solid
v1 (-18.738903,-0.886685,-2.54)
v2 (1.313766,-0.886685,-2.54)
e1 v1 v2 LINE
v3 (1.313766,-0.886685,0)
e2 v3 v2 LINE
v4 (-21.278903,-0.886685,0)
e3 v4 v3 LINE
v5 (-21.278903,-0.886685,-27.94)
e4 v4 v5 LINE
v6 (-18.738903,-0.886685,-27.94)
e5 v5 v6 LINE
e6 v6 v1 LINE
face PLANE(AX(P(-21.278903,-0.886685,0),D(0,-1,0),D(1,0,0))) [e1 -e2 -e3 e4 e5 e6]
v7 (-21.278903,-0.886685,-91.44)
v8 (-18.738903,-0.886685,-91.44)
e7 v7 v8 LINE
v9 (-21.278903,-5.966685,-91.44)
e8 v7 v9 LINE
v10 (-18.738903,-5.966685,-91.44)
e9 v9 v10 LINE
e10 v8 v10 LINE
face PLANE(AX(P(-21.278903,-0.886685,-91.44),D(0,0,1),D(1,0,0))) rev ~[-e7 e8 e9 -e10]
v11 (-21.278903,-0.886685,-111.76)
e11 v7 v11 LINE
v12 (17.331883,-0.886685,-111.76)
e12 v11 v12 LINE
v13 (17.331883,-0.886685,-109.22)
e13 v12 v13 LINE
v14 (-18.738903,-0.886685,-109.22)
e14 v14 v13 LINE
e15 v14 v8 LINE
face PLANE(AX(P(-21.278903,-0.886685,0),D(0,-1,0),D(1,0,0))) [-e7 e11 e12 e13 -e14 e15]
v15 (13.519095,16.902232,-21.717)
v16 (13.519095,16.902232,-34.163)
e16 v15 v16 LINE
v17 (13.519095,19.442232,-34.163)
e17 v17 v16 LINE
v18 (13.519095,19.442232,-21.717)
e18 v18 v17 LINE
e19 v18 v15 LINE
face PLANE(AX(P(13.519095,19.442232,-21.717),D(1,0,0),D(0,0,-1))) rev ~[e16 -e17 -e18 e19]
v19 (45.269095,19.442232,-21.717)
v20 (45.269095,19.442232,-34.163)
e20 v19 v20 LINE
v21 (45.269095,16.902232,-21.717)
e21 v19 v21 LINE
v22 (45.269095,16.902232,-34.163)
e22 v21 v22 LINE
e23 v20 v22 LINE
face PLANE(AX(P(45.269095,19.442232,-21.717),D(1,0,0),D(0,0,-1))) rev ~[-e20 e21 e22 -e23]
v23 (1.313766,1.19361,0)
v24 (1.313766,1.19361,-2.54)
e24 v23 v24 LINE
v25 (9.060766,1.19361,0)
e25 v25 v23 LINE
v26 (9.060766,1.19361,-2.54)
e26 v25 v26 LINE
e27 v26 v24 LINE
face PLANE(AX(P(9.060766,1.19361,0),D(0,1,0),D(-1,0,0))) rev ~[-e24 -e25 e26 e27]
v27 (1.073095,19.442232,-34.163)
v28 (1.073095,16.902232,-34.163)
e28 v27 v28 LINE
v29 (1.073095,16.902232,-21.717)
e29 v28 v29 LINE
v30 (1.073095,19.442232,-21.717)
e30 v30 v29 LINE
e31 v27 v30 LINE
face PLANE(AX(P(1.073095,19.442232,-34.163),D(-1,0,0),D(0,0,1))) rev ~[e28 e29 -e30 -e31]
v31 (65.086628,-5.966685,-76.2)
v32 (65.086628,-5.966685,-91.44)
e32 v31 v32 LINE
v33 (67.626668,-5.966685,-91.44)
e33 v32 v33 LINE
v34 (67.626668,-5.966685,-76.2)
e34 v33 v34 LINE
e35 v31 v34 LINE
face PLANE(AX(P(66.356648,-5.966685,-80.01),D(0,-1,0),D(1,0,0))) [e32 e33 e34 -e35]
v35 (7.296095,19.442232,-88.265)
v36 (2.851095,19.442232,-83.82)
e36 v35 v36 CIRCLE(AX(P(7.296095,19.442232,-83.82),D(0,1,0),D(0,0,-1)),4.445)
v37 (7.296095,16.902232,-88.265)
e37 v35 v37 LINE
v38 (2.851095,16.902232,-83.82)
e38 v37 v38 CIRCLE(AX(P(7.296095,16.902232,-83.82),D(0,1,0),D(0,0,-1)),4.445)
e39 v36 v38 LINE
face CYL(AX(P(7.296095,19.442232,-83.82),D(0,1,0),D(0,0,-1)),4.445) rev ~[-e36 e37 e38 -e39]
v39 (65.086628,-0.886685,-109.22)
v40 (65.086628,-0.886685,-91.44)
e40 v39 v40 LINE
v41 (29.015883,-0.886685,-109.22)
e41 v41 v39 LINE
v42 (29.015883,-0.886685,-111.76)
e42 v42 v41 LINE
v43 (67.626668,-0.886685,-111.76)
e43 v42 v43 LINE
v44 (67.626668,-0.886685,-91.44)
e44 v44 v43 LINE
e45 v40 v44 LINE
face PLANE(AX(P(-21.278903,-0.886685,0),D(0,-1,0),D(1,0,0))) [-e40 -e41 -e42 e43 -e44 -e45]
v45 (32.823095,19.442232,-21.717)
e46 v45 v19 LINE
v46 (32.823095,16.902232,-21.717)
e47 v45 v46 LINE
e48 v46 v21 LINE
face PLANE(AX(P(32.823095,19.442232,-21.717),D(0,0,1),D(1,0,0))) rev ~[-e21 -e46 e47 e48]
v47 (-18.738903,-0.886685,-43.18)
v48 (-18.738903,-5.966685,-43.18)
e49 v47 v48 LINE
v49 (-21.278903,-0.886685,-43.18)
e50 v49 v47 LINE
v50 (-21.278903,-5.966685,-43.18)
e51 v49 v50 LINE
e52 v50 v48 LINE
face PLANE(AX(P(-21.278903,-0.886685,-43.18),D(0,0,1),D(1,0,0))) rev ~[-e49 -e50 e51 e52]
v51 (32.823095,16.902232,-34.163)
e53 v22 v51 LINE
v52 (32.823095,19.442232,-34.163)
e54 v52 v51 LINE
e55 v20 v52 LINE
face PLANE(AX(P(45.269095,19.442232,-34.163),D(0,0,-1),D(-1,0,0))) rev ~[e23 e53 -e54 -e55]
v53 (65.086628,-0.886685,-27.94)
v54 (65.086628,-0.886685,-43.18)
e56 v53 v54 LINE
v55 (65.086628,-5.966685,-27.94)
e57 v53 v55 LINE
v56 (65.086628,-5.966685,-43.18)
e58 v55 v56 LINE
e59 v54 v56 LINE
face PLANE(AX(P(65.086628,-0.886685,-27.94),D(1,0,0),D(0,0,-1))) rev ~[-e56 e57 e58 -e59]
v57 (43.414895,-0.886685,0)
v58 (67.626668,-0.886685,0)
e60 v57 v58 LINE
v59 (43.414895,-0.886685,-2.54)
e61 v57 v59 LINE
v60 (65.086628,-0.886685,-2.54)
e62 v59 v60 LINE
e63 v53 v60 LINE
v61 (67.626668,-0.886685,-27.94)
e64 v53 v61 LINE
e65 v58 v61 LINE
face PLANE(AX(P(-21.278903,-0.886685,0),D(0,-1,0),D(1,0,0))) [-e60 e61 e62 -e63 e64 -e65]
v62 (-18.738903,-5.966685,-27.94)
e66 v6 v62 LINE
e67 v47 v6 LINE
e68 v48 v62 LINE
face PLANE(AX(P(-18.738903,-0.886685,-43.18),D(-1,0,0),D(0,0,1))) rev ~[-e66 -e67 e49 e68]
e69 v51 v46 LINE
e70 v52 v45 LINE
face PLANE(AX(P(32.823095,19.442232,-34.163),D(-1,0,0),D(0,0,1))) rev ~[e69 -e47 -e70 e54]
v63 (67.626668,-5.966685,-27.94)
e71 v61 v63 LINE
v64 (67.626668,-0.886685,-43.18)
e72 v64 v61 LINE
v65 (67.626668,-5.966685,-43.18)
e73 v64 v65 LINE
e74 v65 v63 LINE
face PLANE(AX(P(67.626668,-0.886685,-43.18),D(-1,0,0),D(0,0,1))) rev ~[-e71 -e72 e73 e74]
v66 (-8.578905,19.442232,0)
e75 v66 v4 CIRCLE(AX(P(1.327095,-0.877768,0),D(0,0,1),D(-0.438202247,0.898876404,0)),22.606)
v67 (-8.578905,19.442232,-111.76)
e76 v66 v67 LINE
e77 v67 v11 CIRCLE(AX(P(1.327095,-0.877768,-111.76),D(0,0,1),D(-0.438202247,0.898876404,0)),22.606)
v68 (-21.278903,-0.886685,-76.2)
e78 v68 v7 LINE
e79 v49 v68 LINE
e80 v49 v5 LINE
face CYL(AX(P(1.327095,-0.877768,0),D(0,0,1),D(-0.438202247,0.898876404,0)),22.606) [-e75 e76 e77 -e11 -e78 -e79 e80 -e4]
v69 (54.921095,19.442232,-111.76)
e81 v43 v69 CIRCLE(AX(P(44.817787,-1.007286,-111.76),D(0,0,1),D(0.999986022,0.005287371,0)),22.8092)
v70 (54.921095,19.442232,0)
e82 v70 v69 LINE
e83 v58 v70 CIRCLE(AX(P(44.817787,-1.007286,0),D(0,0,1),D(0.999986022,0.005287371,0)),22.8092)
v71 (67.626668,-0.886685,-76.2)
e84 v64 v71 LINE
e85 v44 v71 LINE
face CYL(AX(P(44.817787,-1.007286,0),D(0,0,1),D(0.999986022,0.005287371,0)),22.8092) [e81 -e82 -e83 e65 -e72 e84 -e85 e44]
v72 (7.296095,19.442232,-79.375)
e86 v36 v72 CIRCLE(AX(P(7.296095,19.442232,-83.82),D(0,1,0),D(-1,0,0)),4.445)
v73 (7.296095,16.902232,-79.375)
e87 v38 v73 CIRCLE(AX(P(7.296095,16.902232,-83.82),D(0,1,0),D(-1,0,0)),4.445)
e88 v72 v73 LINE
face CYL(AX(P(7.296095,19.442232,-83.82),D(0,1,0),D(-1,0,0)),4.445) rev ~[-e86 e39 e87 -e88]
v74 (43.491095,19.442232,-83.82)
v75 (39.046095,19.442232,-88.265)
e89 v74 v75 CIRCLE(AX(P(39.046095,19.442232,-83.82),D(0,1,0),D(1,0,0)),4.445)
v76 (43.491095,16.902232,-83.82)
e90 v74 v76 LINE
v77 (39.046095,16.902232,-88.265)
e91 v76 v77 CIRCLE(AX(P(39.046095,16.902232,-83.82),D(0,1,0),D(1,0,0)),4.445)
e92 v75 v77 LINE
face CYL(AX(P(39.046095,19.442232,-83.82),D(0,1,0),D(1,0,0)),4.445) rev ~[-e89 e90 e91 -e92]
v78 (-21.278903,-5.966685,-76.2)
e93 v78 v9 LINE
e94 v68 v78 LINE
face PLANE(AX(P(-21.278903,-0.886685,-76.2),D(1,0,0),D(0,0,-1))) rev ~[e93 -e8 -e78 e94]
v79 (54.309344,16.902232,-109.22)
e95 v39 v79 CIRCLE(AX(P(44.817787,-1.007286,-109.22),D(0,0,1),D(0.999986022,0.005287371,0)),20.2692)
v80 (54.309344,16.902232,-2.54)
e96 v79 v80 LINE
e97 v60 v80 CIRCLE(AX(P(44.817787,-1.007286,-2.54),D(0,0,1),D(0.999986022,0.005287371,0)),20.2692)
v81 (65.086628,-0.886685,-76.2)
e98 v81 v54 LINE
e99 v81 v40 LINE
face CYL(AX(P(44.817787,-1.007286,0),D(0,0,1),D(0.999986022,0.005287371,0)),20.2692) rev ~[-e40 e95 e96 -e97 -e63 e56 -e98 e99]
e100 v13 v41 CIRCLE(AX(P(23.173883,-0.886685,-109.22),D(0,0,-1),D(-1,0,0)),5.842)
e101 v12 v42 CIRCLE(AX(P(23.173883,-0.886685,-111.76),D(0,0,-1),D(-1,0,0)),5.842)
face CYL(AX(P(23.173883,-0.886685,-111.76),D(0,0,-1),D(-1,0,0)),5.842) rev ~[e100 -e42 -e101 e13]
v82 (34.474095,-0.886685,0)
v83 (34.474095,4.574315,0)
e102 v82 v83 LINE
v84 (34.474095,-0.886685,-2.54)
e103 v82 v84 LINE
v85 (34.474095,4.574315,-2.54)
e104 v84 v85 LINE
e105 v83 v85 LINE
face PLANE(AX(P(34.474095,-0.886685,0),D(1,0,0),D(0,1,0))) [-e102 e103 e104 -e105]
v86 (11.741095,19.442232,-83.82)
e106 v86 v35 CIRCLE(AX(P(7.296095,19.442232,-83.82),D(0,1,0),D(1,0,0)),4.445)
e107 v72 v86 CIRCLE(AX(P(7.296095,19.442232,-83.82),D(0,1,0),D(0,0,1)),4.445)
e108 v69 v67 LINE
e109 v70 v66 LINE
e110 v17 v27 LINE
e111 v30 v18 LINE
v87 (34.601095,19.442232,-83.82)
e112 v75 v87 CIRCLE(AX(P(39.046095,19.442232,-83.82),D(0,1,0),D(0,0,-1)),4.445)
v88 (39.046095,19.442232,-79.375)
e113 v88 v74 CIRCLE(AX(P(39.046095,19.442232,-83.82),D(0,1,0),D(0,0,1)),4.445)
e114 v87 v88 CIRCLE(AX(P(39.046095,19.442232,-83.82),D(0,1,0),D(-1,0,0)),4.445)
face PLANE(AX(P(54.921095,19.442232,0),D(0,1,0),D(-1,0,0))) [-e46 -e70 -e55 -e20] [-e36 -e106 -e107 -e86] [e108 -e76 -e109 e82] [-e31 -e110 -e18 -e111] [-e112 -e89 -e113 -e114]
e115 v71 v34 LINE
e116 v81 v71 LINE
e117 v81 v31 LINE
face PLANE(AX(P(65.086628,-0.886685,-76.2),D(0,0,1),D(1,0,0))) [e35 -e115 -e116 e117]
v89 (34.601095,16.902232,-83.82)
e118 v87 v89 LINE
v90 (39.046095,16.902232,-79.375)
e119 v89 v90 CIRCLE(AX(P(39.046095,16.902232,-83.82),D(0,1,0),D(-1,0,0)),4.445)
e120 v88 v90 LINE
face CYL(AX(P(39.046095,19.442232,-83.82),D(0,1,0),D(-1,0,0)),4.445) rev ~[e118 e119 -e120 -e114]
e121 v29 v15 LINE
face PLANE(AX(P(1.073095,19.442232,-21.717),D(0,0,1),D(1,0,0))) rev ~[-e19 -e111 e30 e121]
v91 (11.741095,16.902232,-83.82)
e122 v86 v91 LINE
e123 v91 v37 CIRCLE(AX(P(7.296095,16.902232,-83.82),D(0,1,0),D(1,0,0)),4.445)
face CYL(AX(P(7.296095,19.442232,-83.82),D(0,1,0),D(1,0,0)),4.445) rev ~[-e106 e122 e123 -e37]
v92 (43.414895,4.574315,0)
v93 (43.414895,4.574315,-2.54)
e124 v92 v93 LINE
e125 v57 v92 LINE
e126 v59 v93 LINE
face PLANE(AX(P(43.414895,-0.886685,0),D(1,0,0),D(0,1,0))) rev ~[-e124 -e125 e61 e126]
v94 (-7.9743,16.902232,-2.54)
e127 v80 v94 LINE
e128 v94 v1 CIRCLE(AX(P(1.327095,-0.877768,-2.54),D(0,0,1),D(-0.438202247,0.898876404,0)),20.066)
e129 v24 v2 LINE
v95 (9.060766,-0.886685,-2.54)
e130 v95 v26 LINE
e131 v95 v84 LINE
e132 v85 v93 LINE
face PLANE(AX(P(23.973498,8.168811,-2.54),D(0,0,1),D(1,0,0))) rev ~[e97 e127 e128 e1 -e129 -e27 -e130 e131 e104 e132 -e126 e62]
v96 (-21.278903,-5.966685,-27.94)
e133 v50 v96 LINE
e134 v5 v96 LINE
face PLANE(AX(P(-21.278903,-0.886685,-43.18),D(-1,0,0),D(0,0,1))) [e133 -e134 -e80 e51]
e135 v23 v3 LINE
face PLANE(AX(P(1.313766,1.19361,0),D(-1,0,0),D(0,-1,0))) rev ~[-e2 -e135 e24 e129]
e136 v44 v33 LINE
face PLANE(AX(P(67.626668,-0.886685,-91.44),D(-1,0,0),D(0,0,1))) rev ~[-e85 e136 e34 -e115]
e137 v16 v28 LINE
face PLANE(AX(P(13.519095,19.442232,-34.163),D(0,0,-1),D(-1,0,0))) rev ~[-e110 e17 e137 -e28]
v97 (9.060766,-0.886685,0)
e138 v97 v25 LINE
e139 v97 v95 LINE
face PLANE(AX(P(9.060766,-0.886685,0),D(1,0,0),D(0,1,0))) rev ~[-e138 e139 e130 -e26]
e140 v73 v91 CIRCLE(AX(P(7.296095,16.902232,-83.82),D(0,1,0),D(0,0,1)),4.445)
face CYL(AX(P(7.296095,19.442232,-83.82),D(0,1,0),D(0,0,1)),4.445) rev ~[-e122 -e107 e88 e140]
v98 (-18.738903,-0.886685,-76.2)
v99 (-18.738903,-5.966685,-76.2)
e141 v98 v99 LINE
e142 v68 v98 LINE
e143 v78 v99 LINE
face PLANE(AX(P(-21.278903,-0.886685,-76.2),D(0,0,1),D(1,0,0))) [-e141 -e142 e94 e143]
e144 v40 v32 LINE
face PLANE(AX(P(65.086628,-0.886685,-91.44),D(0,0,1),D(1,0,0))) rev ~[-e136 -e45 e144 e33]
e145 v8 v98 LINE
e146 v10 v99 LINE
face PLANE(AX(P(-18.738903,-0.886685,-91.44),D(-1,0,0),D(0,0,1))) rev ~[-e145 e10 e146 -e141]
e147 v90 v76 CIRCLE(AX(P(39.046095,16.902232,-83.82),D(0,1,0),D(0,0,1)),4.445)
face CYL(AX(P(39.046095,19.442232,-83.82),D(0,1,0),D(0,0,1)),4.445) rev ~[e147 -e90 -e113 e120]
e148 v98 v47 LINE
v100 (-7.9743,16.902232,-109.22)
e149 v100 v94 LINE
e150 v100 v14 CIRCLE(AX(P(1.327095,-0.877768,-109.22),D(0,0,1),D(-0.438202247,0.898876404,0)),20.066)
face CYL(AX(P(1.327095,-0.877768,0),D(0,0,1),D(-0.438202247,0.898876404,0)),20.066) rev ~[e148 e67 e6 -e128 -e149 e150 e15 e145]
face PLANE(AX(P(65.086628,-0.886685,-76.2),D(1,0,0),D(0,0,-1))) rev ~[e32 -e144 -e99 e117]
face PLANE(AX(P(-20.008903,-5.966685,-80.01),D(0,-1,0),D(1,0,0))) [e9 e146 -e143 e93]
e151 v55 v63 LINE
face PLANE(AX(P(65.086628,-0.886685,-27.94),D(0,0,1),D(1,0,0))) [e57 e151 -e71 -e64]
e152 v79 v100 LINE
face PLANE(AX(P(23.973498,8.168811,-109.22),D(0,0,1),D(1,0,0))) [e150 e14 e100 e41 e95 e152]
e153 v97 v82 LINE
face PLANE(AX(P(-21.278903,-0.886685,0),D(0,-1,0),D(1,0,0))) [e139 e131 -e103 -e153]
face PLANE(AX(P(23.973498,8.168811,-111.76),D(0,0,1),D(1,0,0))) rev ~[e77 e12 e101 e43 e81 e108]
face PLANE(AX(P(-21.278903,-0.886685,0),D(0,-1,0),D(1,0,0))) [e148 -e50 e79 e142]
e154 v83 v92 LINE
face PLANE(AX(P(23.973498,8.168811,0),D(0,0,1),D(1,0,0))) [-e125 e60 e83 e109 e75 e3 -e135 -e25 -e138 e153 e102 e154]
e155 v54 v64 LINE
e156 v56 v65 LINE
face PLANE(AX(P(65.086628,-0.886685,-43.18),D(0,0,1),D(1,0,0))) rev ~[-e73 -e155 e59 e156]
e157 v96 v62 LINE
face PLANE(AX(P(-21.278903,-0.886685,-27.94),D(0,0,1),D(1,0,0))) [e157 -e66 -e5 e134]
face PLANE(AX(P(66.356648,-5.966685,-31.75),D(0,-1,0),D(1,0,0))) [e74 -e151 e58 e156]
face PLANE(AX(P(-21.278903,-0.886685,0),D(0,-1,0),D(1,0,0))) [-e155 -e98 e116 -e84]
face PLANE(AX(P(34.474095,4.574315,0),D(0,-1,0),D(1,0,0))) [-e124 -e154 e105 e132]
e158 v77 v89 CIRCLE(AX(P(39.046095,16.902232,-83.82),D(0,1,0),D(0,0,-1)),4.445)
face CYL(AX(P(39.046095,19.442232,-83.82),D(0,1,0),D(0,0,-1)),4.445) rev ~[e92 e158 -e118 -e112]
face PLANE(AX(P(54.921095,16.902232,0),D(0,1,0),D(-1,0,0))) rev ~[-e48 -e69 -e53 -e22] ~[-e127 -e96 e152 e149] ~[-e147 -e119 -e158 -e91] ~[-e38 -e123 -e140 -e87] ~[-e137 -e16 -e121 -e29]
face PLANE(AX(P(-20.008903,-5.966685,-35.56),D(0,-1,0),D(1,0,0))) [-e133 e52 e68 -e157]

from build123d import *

# Parameters (mm, degrees)
F0_W      = 8.9408
F0_H      = 5.461
F1_DEPTH  = 111.76
F2_T      = -2.54
F4_DEPTH  = 25.4
F5_DEPTH  = 25.4
F7_DEPTH  = 25.4
F8_W      = 2.5400399546
F8_H      = 7.62
F9_DEPTH  = 5.08
F10_W     = 2.5400002226
F10_H     = 15.24
F10_H_2   = 7.62
F11_DEPTH = 5.08
F12_W     = 6.223
F12_H     = 6.223
F13_DEPTH = 25.4


with BuildPart() as f1:
    # F0 (on Top) → F1 (new body)
    with BuildSketch(Plane.XY):
        with BuildLine():
            Line((54.9210952491, 19.4422315109), (-8.5789047509, 19.4422315109))
            ThreePointArc((-8.5789047509, 19.4422315109), (-17.8451170094, 11.099606562), (-21.2789029923, -0.8866853785))
            Line((-21.2789029923, -0.8866853785), (9.0740952491, -0.8866853785))
            Line((9.0740952491, -0.8866853785), (34.4740952491, -0.8866853785))
            Line((34.4740952491, -0.8866853785), (34.4740952491, 4.5743146215))
            Line((34.4740952491, 4.5743146215), (43.4148952491, 4.5743146215))
            Line((43.4148952491, 4.5743146215), (43.4148952491, -0.8866853785))
            Line((43.4148952491, -0.8866853785), (67.6266683049, -0.8866853785))
            ThreePointArc((67.6266683049, -0.8866853785), (64.1599500532, 11.0815657388), (54.9210952491, 19.4422315109))
        make_face()
        with Locations((38.9444952491, 1.8438146215)):
            Rectangle(F0_W, F0_H)
    extrude(amount=-F1_DEPTH)

    # F2
    f2_openings = [f1.faces().sort_by_distance(p)[0] for p in [
        (23.173883, -0.886685, -55.88),
    ]]
    offset(amount=F2_T, openings=f2_openings)

    # F3 (on face) → F4 (cut)
    with BuildSketch(Plane.XY):
        Polygon((1.3137662318, 1.1936101676), (1.3137662318, -0.8866853785), (9.0607662318, -0.8866853785), (9.0607662318, 1.1936101676), (1.3270952491, 1.1936101676), align=None)
    extrude(amount=-F4_DEPTH, mode=Mode.SUBTRACT)

    # F0 (on Top) → F5 (cut)
    with BuildSketch(Plane.XY):
        with Locations((38.9444952491, 1.8438146215)):
            Rectangle(F0_W, F0_H)
    extrude(amount=-F5_DEPTH, mode=Mode.SUBTRACT)

    # F6 (on face) → F7 (cut)
    with BuildSketch(Plane(origin=(0, 0, -111.76), x_dir=(1, 0, 0), z_dir=(0, 0, -1))):
        with BuildLine():
            Line((29.0158826563, 0.8866853785), (17.3318826563, 0.8866853785))
            ThreePointArc((17.3318826563, 0.8866853785), (23.1738826563, -4.9553146215), (29.0158826563, 0.8866853785))
        make_face()
    extrude(amount=-F7_DEPTH, mode=Mode.SUBTRACT)

    # F8 (on face) → F9 (join)
    with BuildSketch(Plane.XZ.offset(0.8866853785)):
        with Locations((66.3566483276, -31.75)):
            Rectangle(F8_W, F8_H)
        with Locations((66.3566483276, -39.37)):
            Rectangle(F8_W, F8_H)
        with Locations((66.3566483276, -80.01)):
            Rectangle(F8_W, F8_H)
        with Locations((66.3566483276, -87.63)):
            Rectangle(F8_W, F8_H)
    extrude(amount=F9_DEPTH)

    # F10 (on face) → F11 (join)
    with BuildSketch(Plane.XZ.offset(0.8866853785)):
        with Locations((-20.008902881, -35.56)):
            Rectangle(F10_W, F10_H)
        with Locations((-20.008902881, -80.01)):
            Rectangle(F10_W, F10_H_2)
        with Locations((-20.008902881, -87.63)):
            Rectangle(F10_W, F10_H_2)
    extrude(amount=F11_DEPTH)

    # F12 (on face) → F13 (cut)
    with BuildSketch(Plane(origin=(0, 19.4422315109, 0), x_dir=(-1, 0, 0), z_dir=(0, 1, 0))):
        with Locations((-4.1845952491, -24.8285)):
            Rectangle(F12_W, F12_H)
        with Locations((-10.4075952491, -24.8285)):
            Rectangle(F12_W, F12_H)
        with Locations((-10.4075952491, -31.0515)):
            Rectangle(F12_W, F12_H)
        with Locations((-4.1845952491, -31.0515)):
            Rectangle(F12_W, F12_H)
        with Locations((-35.9345952491, -24.8285)):
            Rectangle(F12_W, F12_H)
        with Locations((-42.1575952491, -24.8285)):
            Rectangle(F12_W, F12_H)
        with Locations((-42.1575952491, -31.0515)):
            Rectangle(F12_W, F12_H)
        with Locations((-35.9345952491, -31.0515)):
            Rectangle(F12_W, F12_H)
        with BuildLine():
            Line((-39.0460952491, -83.82), (-39.0460952491, -79.375))
            ThreePointArc((-39.0460952491, -79.375), (-42.1891848914, -80.6769103576), (-43.4910952491, -83.82))
            Line((-43.4910952491, -83.82), (-39.0460952491, -83.82))
        make_face()
        with BuildLine():
            Line((-39.0460952491, -88.265), (-39.0460952491, -83.82))
            Line((-39.0460952491, -83.82), (-43.4910952491, -83.82))
            ThreePointArc((-43.4910952491, -83.82), (-42.1891848914, -86.9630896424), (-39.0460952491, -88.265))
        make_face()
        with BuildLine():
            ThreePointArc((-39.0460952491, -88.265), (-35.9030056067, -86.9630896424), (-34.6010952491, -83.82))
            Line((-34.6010952491, -83.82), (-39.0460952491, -83.82))
            Line((-39.0460952491, -83.82), (-39.0460952491, -88.265))
        make_face()
        with BuildLine():
            Line((-39.0460952491, -83.82), (-34.6010952491, -83.82))
            ThreePointArc((-34.6010952491, -83.82), (-35.9030056067, -80.6769103576), (-39.0460952491, -79.375))
            Line((-39.0460952491, -79.375), (-39.0460952491, -83.82))
        make_face()
        with BuildLine():
            ThreePointArc((-7.2960952491, -79.375), (-10.4391848914, -80.6769103576), (-11.7410952491, -83.82))
            Line((-11.7410952491, -83.82), (-7.2960952491, -83.82))
            Line((-7.2960952491, -83.82), (-7.2960952491, -79.375))
        make_face()
        with BuildLine():
            Line((-7.2960952491, -83.82), (-11.7410952491, -83.82))
            ThreePointArc((-11.7410952491, -83.82), (-10.4391848914, -86.9630896424), (-7.2960952491, -88.265))
            Line((-7.2960952491, -88.265), (-7.2960952491, -83.82))
        make_face()
        with BuildLine():
            Line((-2.8510952491, -83.82), (-7.2960952491, -83.82))
            Line((-7.2960952491, -83.82), (-7.2960952491, -88.265))
            ThreePointArc((-7.2960952491, -88.265), (-4.1530056067, -86.9630896424), (-2.8510952491, -83.82))
        make_face()
        with BuildLine():
            ThreePointArc((-2.8510952491, -83.82), (-4.1530056067, -80.6769103576), (-7.2960952491, -79.375))
            Line((-7.2960952491, -79.375), (-7.2960952491, -83.82))
            Line((-7.2960952491, -83.82), (-2.8510952491, -83.82))
        make_face()
    extrude(amount=-F13_DEPTH, mode=Mode.SUBTRACT)


solid = f1.part
